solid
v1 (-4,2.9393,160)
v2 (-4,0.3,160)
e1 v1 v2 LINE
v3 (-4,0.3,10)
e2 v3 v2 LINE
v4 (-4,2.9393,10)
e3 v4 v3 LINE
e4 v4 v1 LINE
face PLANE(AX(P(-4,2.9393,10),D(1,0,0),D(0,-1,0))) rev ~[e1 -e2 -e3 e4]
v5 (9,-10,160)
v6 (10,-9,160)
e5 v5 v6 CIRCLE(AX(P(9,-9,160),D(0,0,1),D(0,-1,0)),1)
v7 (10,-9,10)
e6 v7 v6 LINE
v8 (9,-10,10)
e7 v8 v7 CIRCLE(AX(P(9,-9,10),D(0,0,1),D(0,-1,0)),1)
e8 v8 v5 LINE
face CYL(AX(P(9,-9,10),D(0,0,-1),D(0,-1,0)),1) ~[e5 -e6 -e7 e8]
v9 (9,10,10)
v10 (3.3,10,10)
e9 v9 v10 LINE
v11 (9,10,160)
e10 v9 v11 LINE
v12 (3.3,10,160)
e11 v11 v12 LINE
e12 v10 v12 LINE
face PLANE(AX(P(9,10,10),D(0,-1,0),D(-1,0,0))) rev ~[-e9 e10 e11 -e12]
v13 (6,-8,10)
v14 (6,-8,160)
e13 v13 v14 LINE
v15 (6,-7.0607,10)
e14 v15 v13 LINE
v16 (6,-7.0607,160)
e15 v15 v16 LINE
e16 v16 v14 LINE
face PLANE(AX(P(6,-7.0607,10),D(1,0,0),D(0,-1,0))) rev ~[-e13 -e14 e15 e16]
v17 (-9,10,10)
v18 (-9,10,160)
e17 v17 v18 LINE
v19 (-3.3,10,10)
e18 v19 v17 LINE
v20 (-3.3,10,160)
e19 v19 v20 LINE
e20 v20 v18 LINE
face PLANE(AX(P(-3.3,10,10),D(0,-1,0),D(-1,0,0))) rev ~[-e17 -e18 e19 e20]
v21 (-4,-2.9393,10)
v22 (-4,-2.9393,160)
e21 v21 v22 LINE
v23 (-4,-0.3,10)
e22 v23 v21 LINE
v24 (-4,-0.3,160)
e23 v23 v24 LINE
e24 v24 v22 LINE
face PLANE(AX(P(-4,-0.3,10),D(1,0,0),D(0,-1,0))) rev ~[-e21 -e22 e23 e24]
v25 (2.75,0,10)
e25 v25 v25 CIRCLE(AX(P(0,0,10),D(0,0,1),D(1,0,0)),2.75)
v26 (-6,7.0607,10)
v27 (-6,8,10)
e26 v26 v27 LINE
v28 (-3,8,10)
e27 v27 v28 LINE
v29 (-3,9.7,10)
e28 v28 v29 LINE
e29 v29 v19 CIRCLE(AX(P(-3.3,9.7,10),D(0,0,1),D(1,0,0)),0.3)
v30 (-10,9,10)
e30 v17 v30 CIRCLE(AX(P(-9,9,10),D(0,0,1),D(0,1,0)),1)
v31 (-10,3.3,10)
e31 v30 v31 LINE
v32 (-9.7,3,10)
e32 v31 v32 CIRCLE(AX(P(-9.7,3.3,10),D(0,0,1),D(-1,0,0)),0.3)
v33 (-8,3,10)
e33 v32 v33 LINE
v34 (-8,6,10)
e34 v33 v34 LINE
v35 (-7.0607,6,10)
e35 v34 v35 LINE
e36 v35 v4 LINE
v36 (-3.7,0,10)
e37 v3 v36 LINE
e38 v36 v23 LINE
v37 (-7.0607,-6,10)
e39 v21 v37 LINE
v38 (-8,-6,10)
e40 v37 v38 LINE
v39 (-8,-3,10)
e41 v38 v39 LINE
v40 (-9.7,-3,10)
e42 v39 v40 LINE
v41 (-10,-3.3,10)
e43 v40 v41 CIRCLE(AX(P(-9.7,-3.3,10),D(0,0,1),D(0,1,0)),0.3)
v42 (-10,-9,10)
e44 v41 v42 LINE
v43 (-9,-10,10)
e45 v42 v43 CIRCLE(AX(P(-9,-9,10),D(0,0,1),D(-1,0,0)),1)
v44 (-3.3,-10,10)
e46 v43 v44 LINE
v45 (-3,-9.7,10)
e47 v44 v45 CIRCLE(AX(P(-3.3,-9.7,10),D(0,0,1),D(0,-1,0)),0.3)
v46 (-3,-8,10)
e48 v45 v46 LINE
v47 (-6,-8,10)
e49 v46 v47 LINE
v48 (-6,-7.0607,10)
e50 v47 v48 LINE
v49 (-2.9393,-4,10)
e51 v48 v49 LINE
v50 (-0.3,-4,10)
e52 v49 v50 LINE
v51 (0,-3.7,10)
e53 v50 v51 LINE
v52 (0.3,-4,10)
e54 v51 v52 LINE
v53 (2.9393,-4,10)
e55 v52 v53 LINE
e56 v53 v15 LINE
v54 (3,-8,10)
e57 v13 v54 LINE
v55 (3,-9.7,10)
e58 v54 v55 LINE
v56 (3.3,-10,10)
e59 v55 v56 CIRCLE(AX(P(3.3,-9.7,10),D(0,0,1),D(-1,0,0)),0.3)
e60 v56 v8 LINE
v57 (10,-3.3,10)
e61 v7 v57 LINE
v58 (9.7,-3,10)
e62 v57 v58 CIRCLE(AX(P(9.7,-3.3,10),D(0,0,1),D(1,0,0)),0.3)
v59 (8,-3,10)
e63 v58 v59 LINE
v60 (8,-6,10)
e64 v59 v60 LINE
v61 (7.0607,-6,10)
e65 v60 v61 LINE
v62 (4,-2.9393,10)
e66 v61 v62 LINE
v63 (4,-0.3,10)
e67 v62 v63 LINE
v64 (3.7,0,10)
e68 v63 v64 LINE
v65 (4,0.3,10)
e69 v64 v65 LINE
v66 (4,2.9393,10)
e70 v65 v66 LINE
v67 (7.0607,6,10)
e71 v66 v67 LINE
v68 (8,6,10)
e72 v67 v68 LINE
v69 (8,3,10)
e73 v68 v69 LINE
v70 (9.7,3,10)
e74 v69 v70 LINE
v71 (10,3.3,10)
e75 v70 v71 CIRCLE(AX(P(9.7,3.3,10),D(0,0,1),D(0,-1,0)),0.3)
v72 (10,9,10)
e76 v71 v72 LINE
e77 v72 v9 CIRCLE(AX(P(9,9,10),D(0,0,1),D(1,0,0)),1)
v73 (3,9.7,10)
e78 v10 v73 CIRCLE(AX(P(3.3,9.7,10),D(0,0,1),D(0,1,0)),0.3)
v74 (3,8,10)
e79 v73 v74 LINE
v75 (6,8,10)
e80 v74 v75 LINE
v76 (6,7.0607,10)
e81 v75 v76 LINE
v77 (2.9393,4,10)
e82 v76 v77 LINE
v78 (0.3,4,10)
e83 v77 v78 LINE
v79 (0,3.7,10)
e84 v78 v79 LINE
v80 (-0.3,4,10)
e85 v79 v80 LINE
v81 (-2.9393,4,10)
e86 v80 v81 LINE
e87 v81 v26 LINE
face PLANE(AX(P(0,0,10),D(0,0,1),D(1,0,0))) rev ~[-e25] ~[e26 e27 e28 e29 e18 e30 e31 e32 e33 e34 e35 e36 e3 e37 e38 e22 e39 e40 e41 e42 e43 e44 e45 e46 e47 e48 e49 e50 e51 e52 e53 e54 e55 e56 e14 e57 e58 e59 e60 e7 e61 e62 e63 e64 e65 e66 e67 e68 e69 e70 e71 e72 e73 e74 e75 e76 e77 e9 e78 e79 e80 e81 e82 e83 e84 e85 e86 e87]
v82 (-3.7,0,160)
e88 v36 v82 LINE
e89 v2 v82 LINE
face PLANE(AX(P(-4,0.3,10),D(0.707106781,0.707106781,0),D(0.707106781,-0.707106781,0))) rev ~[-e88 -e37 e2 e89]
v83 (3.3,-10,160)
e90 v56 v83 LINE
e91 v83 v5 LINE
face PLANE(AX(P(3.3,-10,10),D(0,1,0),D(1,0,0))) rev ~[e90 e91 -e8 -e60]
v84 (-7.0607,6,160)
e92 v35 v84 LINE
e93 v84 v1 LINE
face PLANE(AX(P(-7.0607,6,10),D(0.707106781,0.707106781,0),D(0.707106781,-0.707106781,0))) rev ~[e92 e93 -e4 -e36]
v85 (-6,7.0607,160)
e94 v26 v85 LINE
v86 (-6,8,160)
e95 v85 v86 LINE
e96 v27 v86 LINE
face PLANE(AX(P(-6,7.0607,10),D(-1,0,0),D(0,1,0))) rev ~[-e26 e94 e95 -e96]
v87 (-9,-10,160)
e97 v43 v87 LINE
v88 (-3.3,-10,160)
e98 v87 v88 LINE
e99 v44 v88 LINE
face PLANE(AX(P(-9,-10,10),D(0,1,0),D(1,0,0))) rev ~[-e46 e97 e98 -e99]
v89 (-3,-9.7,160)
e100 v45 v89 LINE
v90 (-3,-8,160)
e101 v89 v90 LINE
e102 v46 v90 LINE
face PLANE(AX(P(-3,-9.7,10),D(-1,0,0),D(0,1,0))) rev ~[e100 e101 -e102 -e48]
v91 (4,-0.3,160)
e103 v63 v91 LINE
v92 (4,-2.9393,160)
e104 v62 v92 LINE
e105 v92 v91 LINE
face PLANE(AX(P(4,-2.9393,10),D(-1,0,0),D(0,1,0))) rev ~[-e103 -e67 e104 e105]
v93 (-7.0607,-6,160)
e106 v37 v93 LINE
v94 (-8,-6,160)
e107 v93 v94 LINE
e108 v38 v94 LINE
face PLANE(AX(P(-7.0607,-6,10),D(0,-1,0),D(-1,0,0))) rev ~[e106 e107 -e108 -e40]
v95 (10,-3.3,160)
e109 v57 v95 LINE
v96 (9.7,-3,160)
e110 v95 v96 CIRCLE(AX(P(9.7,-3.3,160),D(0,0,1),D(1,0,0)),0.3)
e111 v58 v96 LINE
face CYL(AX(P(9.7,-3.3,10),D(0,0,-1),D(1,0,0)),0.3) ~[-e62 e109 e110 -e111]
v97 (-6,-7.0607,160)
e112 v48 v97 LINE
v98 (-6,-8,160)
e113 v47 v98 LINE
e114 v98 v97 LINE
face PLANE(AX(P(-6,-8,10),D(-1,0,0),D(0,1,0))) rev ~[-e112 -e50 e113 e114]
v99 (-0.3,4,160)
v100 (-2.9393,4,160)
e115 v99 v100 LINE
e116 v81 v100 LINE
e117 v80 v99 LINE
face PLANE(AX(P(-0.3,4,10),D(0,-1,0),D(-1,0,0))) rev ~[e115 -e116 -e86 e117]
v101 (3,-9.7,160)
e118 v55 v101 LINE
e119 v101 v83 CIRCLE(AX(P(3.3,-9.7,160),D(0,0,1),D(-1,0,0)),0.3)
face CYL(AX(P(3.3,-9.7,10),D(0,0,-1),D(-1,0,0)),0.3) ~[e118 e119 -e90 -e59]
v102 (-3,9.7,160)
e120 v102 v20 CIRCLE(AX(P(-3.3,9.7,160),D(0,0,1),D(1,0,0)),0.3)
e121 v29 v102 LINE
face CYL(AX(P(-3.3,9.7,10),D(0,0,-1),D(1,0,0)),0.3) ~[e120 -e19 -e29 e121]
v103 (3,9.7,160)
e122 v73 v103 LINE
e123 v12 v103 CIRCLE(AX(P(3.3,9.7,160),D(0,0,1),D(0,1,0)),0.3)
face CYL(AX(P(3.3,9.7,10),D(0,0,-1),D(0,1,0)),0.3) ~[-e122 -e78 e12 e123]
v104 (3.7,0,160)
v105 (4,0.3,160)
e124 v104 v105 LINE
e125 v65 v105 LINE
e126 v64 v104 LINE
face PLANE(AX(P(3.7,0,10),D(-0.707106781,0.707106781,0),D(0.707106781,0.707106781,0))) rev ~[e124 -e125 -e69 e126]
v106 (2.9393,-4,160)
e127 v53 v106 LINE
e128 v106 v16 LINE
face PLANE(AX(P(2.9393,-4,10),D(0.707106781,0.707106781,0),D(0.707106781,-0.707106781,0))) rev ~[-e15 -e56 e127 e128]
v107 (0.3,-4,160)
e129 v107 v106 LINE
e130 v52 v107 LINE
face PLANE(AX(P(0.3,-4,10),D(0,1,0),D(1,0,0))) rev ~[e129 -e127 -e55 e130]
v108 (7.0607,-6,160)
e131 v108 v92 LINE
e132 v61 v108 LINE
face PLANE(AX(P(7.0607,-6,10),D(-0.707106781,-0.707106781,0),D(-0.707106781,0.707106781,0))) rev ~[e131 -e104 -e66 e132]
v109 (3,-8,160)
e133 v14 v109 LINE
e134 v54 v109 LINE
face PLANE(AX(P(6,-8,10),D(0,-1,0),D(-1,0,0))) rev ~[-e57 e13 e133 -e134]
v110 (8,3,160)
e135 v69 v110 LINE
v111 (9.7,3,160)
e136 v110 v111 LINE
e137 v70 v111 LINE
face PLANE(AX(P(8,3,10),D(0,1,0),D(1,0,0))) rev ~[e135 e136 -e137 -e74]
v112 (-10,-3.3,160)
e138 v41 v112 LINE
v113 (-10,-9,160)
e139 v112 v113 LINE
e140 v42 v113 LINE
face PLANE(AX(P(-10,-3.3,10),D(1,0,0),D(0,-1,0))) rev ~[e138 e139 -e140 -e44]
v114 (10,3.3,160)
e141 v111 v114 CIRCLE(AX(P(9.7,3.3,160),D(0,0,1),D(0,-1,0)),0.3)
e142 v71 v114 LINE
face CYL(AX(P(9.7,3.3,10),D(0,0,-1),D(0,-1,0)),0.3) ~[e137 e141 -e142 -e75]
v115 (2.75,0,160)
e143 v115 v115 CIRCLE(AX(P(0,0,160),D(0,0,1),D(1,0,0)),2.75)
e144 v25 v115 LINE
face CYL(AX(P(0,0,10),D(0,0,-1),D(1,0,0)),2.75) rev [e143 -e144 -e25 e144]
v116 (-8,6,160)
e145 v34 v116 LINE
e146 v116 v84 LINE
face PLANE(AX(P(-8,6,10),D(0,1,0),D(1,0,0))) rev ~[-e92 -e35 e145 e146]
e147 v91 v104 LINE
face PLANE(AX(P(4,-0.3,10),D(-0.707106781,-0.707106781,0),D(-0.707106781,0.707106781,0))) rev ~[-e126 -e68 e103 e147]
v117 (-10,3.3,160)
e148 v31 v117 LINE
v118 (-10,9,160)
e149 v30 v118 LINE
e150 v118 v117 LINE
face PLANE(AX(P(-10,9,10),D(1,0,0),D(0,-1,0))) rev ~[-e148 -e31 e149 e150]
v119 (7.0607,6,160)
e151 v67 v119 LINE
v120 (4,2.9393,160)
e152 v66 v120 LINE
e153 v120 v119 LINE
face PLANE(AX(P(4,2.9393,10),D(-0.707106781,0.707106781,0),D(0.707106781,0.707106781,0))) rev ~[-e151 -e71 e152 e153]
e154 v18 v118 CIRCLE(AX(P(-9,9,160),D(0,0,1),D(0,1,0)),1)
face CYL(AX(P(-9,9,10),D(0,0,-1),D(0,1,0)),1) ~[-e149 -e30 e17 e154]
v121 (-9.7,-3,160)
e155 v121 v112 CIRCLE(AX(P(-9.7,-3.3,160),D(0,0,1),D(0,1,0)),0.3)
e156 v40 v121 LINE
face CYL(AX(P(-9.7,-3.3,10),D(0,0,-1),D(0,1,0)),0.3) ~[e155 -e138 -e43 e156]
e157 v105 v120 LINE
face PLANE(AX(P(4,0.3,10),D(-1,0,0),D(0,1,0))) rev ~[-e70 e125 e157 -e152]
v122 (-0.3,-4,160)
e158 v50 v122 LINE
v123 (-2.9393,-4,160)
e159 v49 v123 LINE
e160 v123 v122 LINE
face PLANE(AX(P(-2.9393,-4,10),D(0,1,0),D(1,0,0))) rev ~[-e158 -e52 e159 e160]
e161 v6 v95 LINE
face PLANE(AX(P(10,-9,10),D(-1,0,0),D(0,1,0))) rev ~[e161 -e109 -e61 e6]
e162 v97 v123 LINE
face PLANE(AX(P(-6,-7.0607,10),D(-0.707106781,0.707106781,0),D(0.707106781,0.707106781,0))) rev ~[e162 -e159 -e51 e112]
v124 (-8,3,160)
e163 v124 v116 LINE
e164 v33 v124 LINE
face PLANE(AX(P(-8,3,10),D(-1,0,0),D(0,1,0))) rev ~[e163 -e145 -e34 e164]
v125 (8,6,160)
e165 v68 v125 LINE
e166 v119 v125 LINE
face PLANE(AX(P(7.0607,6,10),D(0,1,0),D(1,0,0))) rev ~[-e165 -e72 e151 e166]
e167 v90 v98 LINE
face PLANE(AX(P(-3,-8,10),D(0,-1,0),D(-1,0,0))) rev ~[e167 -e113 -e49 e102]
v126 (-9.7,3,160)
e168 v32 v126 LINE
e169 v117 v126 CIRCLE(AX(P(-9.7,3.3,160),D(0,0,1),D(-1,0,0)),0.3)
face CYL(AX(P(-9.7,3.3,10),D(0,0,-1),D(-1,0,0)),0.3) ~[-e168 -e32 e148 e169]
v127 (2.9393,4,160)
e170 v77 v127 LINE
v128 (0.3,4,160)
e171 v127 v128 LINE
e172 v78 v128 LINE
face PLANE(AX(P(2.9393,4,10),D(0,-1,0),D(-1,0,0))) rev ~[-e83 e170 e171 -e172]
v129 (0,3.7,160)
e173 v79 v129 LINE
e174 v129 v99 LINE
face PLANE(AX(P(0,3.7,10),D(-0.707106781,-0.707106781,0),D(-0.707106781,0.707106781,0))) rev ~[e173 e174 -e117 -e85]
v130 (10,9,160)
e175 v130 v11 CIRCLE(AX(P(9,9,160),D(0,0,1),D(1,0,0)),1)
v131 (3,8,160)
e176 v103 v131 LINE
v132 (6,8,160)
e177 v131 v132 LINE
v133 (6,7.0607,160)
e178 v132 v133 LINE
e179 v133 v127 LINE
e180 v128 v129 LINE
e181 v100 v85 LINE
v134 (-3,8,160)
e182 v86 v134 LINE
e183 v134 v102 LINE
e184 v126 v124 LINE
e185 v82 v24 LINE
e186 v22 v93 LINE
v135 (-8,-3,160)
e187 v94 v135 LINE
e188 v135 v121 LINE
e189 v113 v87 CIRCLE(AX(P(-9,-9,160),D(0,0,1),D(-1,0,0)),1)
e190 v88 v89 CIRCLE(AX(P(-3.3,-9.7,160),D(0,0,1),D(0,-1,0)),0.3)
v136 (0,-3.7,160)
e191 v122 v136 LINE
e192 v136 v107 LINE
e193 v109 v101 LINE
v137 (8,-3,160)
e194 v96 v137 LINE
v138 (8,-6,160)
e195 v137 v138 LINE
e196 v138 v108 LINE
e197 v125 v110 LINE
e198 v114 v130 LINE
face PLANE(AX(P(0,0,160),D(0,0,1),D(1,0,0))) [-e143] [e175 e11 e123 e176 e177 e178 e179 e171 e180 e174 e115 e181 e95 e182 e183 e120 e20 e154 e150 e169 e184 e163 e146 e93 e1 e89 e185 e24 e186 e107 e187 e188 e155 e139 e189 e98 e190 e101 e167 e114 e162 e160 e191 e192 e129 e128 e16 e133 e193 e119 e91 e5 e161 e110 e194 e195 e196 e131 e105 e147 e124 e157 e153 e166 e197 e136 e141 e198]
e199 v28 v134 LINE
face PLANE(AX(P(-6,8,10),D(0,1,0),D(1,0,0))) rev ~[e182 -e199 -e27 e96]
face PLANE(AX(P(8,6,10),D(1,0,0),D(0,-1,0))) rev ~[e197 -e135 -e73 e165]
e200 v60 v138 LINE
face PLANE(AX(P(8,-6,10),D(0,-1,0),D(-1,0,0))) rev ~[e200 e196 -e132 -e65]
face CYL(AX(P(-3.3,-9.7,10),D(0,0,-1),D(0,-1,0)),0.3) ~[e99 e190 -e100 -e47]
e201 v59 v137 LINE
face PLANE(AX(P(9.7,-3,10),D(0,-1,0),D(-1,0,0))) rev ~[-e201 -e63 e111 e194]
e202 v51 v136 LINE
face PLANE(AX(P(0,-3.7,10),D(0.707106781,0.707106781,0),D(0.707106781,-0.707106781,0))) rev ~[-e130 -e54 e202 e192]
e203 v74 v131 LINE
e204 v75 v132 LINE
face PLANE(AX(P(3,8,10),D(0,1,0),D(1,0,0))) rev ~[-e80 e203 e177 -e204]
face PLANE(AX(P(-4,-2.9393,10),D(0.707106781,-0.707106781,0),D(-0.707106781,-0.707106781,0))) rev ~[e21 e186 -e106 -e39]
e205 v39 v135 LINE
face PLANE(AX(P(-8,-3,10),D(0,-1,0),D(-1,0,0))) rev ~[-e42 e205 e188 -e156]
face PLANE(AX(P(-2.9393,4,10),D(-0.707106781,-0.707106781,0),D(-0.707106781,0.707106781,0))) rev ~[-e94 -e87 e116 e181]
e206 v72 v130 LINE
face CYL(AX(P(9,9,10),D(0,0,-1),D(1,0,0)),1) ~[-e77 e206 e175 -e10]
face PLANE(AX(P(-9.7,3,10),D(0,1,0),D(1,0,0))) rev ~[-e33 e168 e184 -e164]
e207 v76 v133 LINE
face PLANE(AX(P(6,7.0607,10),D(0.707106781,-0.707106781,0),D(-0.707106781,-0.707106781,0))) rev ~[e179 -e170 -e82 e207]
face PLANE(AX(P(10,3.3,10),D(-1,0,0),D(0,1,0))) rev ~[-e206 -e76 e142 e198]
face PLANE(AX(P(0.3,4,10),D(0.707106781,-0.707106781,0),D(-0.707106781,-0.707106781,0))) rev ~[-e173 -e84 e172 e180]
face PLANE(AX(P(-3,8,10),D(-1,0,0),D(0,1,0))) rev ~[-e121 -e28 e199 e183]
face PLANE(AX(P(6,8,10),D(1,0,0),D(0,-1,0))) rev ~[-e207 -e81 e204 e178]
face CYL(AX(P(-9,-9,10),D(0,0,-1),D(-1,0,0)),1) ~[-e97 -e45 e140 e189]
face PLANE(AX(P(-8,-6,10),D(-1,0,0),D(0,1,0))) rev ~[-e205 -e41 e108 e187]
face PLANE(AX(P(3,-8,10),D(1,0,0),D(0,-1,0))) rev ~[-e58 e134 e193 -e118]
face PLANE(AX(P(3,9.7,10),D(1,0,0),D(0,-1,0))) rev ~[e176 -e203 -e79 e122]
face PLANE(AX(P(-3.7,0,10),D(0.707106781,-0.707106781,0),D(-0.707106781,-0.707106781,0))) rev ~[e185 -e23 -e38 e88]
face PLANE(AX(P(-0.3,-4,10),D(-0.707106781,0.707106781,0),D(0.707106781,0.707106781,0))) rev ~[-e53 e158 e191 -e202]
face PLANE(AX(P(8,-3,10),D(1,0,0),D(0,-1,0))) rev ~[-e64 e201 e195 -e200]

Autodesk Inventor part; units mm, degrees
ref_plane "Startebene" through (0, 0, 0) normal (0, 0, 1) x (1, 0, 0)
ref_plane "Endebene" through (0, 0, 320) normal (0, 0, 1) x (1, 0, 0)
ref_plane "Startebene1" through (0, 0, 0) normal (0, 0, 1) x (1, 0, 0)
ref_plane "Endebene1" through (0, 0, 160) normal (0, 0, 1) x (1, 0, 0)
ref_plane "Startebene2" through (0, 0, 10) normal (0, 0, 1) x (1, 0, 0)
ref_plane "Endebene2" through (0, 0, 160) normal (0, 0, 1) x (1, 0, 0)
sketch "Skizze" plane through (0, 0, 0) normal (0, 0, 1) x (1, 0, 0)
  line L0 (-10, 9) -> (-10, 3.3)
  arc A0 (-10, 3.3) -> (-9.7, 3) centre (-9.7, 3.3) ccw
  line L1 (-9.7, 3) -> (-8, 3)
  line L2 (-8, 3) -> (-8, 6)
  line L3 (-8, 6) -> (-7.0607, 6)
  line L4 (-7.0607, 6) -> (-4, 2.9393)
  line L5 (-4, 2.9393) -> (-4, 0.3)
  line L6 (-4, 0.3) -> (-3.7, 0)
  line L7 (-3.7, 0) -> (-4, -0.3)
  line L8 (-4, -0.3) -> (-4, -2.9393)
  line L9 (-4, -2.9393) -> (-7.0607, -6)
  line L10 (-7.0607, -6) -> (-8, -6)
  line L11 (-8, -6) -> (-8, -3)
  line L12 (-8, -3) -> (-9.7, -3)
  arc A1 (-9.7, -3) -> (-10, -3.3) centre (-9.7, -3.3) ccw
  line L13 (-10, -3.3) -> (-10, -9)
  arc A2 (-10, -9) -> (-9, -10) centre (-9, -9) ccw
  line L14 (-9, -10) -> (-3.3, -10)
  arc A3 (-3.3, -10) -> (-3, -9.7) centre (-3.3, -9.7) ccw
  line L15 (-3, -9.7) -> (-3, -8)
  line L16 (-3, -8) -> (-6, -8)
  line L17 (-6, -8) -> (-6, -7.0607)
  line L18 (-6, -7.0607) -> (-2.9393, -4)
  line L19 (-2.9393, -4) -> (-0.3, -4)
  line L20 (-0.3, -4) -> (0, -3.7)
  line L21 (0, -3.7) -> (0.3, -4)
  line L22 (0.3, -4) -> (2.9393, -4)
  line L23 (2.9393, -4) -> (6, -7.0607)
  line L24 (6, -7.0607) -> (6, -8)
  line L25 (6, -8) -> (3, -8)
  line L26 (3, -8) -> (3, -9.7)
  arc A4 (3, -9.7) -> (3.3, -10) centre (3.3, -9.7) ccw
  line L27 (3.3, -10) -> (9, -10)
  arc A5 (9, -10) -> (10, -9) centre (9, -9) ccw
  line L28 (10, -9) -> (10, -3.3)
  arc A6 (10, -3.3) -> (9.7, -3) centre (9.7, -3.3) ccw
  line L29 (9.7, -3) -> (8, -3)
  line L30 (8, -3) -> (8, -6)
  line L31 (8, -6) -> (7.0607, -6)
  line L32 (7.0607, -6) -> (4, -2.9393)
  line L33 (4, -2.9393) -> (4, -0.3)
  line L34 (4, -0.3) -> (3.7, 0)
  line L35 (3.7, 0) -> (4, 0.3)
  line L36 (4, 0.3) -> (4, 2.9393)
  line L37 (4, 2.9393) -> (7.0607, 6)
  line L38 (7.0607, 6) -> (8, 6)
  line L39 (8, 6) -> (8, 3)
  line L40 (8, 3) -> (9.7, 3)
  arc A7 (9.7, 3) -> (10, 3.3) centre (9.7, 3.3) ccw
  line L41 (10, 3.3) -> (10, 9)
  arc A8 (10, 9) -> (9, 10) centre (9, 9) ccw
  line L42 (9, 10) -> (3.3, 10)
  arc A9 (3.3, 10) -> (3, 9.7) centre (3.3, 9.7) ccw
  line L43 (3, 9.7) -> (3, 8)
  line L44 (3, 8) -> (6, 8)
  line L45 (6, 8) -> (6, 7.0607)
  line L46 (6, 7.0607) -> (2.9393, 4)
  line L47 (2.9393, 4) -> (0.3, 4)
  line L48 (0.3, 4) -> (0, 3.7)
  line L49 (0, 3.7) -> (-0.3, 4)
  line L50 (-0.3, 4) -> (-2.9393, 4)
  line L51 (-2.9393, 4) -> (-6, 7.0607)
  line L52 (-6, 7.0607) -> (-6, 8)
  line L53 (-6, 8) -> (-3, 8)
  line L54 (-3, 8) -> (-3, 9.7)
  arc A10 (-3, 9.7) -> (-3.3, 10) centre (-3.3, 9.7) ccw
  line L55 (-3.3, 10) -> (-9, 10)
  arc A11 (-9, 10) -> (-10, 9) centre (-9, 9) ccw
  circle A12 centre (0, 0) radius 2.75
  dimension "d2" = 5.5
  dimension "d3" = 10
  dimension "d4" = 10
  dimension "d5" = 5.7
  dimension "d6" = 5.7
  dimension "d7" = 1.7
  dimension "d8" = 3
  dimension "d9" = 0.3
  dimension "d10" = 90
  dimension "d11" = 45
  dimension "d12" = 45
  dimension "d13" = 45
  dimension "d14" = 90
  dimension "d15" = 90
  dimension "d16" = 45
  dimension "d17" = 45
  dimension "d18" = 45
  dimension "d19" = 45
  dimension "d20" = 90
  dimension "d21" = 90
  dimension "d22" = 45
  dimension "d23" = 45
  dimension "d24" = 90
  dimension "d25" = 90
  dimension "d26" = 90
  dimension "d27" = 90
  dimension "d28" = 90
  dimension "d29" = 90
  dimension "d30" = 90
  dimension "d31" = 90
  dimension "d32" = 90
  dimension "d33" = 90
  dimension "d34" = 90
  dimension "d35" = 90
  dimension "d36" = 90
  dimension "d37" = 90
  dimension "d38" = 90
  dimension "d39" = 4
  dimension "d40" = 6
  dimension "d41" = 13
  dimension "d42" = 14
  dimension "d43" = 16
  dimension "d44" = 18
  dimension "d45" = 3
  dimension "d46" = 9
  dimension "d47" = 7
  dimension "d48" = 1
  dimension "d49" = 7
  dimension "d50" = 1.5
  dimension "d51" = 1.8663
  dimension "d52" = 3.3663
  dimension "d53" = 1.5
  dimension "d54" = 1.8663
  dimension "d55" = 3.3663
  dimension "d56" = 4
  dimension "d57" = 10.8187
  dimension "d58" = 1.9092
  dimension "d59" = 5
  dimension "d60" = 13
  dimension "d61" = 13
  dimension "d62" = 16.0513
  dimension "d63" = 3.3234
  dimension "d64" = 14
  dimension "d65" = 12.685
extrude "Körper" add sketch "Skizze" along normal up to surface (150 mm away) from surface at 10
sketch "Skizze13" plane through (0, 0, 0) normal (0, 0, 1) x (1, 0, 0)
  line L0 (0, 0) -> (10, 0)
ref_plane "Arbeitsebene12" through (0, 0, 0) normal (0, -1, 0) x (1, 0, 0)
sketch "Skizze14" plane through (0, 0, 0) normal (0, -1, 0) x (1, 0, 0)
  line L0 (-2, 10) -> (12, 10)
  line L1 (-2, 160) -> (12, 160)
  dimension "d80" = 150
ref_plane "Arbeitsebene13" through (-140, 9, 10) normal (0, 0, -1) x (-1, 0, 0)
split "Trennen1" plane through (-140, 9, 10) removes the side toward (0, 0, -1)
equation "\"G_OFFSET_START\" = 0"
equation "\"G_OFFSET_END\" = 0"
equation "\"G_L\" = d80"
equation "\"G_OFFSET_START1\" = 0"
equation "\"G_OFFSET_END1\" = 0"
equation "\"G_OFFSET_END2\" = 0"
properties part number "Alu Profil 20x20 - AP2020" material "Aluminium 6061"
